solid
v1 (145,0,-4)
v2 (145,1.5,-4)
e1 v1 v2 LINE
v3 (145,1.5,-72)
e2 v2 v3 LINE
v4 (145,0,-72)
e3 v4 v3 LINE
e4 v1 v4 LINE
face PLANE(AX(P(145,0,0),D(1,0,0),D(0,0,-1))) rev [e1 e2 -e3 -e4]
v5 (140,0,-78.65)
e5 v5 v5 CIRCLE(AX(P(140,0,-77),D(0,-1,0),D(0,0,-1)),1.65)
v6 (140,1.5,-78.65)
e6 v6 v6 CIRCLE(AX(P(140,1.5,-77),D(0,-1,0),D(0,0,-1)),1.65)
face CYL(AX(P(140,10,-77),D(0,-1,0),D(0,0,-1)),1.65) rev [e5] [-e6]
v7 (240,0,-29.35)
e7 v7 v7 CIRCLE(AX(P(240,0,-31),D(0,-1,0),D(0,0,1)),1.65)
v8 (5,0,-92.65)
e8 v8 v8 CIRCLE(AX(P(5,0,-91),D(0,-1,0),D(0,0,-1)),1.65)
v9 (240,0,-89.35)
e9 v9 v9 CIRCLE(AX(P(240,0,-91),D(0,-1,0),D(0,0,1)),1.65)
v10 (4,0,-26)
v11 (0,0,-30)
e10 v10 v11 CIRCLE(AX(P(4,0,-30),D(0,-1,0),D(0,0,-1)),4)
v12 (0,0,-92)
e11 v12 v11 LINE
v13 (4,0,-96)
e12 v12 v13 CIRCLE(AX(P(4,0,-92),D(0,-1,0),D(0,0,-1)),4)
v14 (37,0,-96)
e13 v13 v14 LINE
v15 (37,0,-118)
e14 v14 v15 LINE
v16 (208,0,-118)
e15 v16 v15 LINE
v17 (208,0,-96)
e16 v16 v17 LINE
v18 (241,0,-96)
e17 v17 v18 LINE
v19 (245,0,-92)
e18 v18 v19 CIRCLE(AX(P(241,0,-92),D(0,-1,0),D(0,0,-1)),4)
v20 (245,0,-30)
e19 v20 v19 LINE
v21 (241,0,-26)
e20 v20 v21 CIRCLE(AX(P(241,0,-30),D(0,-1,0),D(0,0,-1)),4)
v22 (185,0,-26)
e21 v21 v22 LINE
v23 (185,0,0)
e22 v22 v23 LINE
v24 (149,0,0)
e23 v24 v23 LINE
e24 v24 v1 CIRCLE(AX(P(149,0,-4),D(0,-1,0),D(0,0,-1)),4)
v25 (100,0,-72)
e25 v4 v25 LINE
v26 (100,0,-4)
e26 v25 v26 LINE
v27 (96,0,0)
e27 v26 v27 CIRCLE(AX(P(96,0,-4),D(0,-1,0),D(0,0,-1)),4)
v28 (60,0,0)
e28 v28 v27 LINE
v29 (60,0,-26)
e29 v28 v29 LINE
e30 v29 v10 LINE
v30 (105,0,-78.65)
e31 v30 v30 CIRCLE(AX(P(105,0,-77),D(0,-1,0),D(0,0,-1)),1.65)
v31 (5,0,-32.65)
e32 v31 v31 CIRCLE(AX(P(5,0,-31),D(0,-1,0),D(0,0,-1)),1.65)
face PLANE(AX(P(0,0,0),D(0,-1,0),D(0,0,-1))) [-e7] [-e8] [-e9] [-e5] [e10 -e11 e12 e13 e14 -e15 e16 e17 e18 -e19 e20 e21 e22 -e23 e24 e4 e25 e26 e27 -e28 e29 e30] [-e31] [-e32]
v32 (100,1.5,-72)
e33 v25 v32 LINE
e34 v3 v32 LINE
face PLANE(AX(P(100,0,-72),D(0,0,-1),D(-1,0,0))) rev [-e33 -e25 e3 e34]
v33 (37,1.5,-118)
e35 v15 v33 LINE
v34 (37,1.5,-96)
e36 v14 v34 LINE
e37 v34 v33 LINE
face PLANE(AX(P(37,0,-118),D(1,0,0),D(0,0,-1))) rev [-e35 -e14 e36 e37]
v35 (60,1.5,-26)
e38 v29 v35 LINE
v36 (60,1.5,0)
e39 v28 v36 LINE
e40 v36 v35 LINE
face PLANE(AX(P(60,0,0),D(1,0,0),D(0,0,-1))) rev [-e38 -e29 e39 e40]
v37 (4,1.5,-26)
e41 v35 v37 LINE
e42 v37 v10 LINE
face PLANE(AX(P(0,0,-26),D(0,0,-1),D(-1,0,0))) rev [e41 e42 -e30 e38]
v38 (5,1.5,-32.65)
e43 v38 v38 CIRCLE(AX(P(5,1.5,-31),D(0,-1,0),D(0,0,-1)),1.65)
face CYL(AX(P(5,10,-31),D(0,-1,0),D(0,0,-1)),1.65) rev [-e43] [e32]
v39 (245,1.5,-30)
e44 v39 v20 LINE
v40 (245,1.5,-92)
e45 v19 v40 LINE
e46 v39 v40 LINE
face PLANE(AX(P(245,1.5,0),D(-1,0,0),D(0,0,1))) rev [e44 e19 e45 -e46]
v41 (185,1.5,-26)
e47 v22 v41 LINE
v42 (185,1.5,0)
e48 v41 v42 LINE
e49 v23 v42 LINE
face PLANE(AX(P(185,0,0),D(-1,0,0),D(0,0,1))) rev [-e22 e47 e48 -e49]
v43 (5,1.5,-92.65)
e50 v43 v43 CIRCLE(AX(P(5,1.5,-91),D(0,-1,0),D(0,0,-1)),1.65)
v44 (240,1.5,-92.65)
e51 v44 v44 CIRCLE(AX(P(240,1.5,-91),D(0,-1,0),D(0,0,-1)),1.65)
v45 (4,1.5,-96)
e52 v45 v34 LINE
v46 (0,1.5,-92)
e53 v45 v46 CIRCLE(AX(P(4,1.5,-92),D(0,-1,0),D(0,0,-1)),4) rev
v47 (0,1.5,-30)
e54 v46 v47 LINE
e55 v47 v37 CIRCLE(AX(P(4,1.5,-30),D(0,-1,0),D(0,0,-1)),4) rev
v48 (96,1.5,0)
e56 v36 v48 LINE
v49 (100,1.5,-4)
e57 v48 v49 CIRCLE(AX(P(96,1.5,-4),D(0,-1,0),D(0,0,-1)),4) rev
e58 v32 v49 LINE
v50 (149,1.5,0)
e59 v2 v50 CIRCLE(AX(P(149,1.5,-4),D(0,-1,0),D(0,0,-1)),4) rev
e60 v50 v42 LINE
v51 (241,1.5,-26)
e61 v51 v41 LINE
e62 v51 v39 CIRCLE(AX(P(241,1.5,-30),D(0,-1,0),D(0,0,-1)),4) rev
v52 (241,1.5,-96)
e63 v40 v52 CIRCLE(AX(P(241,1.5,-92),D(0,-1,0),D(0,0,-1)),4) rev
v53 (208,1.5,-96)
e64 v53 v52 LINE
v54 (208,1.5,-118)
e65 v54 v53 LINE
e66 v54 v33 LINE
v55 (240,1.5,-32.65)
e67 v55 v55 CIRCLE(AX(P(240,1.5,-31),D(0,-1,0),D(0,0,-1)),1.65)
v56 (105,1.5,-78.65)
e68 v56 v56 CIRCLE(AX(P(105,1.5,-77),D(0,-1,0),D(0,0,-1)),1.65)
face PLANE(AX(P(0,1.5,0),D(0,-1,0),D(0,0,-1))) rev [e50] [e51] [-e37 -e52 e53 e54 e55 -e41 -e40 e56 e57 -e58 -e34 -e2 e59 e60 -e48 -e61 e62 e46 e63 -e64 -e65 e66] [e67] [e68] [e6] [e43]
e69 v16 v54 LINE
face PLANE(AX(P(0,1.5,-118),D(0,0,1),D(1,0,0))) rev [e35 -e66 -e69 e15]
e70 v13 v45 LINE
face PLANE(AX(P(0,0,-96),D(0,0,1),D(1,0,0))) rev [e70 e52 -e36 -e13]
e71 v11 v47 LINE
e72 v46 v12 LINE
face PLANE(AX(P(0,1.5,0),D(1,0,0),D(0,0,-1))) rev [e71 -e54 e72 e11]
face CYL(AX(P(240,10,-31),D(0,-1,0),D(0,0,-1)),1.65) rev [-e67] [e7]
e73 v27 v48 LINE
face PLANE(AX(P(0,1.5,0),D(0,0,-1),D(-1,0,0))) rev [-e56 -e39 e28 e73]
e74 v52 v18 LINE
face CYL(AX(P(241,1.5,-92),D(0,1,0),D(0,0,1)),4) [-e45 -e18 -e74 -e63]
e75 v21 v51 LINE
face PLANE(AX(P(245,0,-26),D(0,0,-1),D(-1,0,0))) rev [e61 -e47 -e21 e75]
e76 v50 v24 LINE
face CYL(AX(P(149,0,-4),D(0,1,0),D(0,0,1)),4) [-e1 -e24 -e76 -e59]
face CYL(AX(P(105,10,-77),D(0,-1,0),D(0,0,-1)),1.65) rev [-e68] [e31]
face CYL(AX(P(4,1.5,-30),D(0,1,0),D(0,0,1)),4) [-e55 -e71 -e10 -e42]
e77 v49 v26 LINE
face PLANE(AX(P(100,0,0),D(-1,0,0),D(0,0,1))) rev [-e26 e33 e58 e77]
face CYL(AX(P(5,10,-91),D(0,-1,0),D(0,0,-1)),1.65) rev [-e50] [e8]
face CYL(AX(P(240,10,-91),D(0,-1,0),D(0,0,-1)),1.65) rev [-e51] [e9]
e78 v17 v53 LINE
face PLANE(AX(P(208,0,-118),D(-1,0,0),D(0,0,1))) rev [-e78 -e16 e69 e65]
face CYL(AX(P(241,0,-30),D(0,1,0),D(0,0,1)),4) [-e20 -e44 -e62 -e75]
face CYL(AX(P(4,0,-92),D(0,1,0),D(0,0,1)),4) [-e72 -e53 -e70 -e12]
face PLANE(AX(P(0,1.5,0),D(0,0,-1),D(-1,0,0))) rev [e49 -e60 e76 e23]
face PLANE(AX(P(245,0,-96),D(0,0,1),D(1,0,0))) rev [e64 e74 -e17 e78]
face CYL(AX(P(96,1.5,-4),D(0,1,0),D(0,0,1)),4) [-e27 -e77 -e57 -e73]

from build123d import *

# Parameters (mm, degrees)
SKETCH1_W           = 245
SKETCH1_H           = 118
BOSS_EXTRUDE1_DEPTH = 1.5
SKETCH2_W           = 37
SKETCH2_H           = 22
SKETCH2_W_2         = 60
SKETCH2_H_2         = 26
SKETCH2_W_3         = 45
SKETCH2_H_3         = 72
CUT_EXTRUDE1_DEPTH  = 2.5
SKETCH3_R           = 1.65
CUT_EXTRUDE2_DEPTH  = 10
FILLET1_R           = 4


with BuildPart() as part:
    # Sketch1 → Boss-Extrude1 (new body)
    with BuildSketch(Plane(origin=(0, 0, 0), x_dir=(1, 0, 0), z_dir=(0, 1, 0))):
        with Locations((122.5, 59)):
            Rectangle(SKETCH1_W, SKETCH1_H)
    extrude(amount=BOSS_EXTRUDE1_DEPTH)

    # Sketch2 → Cut-Extrude1 (cut, through all)
    with BuildSketch(Plane(origin=(0, 1.5, 0), x_dir=(1, 0, 0), z_dir=(0, 1, 0))):
        with Locations((18.5, 107)):
            Rectangle(SKETCH2_W, SKETCH2_H)
        with Locations((30, 13)):
            Rectangle(SKETCH2_W_2, SKETCH2_H_2)
        with Locations((226.5, 107)):
            Rectangle(SKETCH2_W, SKETCH2_H)
        with Locations((215, 13)):
            Rectangle(SKETCH2_W_2, SKETCH2_H_2)
        with Locations((122.5, 36)):
            Rectangle(SKETCH2_W_3, SKETCH2_H_3)
    extrude(amount=-CUT_EXTRUDE1_DEPTH, mode=Mode.SUBTRACT)

    # Sketch3 → Cut-Extrude2 (cut)
    with BuildSketch(Plane.XZ):
        with Locations((5, -31)):
            Circle(SKETCH3_R)
        with Locations((5, -91)):
            Circle(SKETCH3_R)
        with Locations((240, -31)):
            Circle(SKETCH3_R)
        with Locations((240, -91)):
            Circle(SKETCH3_R)
        with Locations((105, -77)):
            Circle(SKETCH3_R)
        with Locations((140, -77)):
            Circle(SKETCH3_R)
    extrude(amount=-CUT_EXTRUDE2_DEPTH, mode=Mode.SUBTRACT)

    # Fillet1
    fillet1_edges = [part.edges().sort_by_distance(p)[0] for p in [
        (0, 0.75, -26),
        (245, 0.75, -96),
        (245, 0.75, -26),
        (100, 0.75, 0),
        (145, 0.75, 0),
        (0, 0.75, -96),
    ]]
    fillet(fillet1_edges, radius=FILLET1_R)


solid = part.part
